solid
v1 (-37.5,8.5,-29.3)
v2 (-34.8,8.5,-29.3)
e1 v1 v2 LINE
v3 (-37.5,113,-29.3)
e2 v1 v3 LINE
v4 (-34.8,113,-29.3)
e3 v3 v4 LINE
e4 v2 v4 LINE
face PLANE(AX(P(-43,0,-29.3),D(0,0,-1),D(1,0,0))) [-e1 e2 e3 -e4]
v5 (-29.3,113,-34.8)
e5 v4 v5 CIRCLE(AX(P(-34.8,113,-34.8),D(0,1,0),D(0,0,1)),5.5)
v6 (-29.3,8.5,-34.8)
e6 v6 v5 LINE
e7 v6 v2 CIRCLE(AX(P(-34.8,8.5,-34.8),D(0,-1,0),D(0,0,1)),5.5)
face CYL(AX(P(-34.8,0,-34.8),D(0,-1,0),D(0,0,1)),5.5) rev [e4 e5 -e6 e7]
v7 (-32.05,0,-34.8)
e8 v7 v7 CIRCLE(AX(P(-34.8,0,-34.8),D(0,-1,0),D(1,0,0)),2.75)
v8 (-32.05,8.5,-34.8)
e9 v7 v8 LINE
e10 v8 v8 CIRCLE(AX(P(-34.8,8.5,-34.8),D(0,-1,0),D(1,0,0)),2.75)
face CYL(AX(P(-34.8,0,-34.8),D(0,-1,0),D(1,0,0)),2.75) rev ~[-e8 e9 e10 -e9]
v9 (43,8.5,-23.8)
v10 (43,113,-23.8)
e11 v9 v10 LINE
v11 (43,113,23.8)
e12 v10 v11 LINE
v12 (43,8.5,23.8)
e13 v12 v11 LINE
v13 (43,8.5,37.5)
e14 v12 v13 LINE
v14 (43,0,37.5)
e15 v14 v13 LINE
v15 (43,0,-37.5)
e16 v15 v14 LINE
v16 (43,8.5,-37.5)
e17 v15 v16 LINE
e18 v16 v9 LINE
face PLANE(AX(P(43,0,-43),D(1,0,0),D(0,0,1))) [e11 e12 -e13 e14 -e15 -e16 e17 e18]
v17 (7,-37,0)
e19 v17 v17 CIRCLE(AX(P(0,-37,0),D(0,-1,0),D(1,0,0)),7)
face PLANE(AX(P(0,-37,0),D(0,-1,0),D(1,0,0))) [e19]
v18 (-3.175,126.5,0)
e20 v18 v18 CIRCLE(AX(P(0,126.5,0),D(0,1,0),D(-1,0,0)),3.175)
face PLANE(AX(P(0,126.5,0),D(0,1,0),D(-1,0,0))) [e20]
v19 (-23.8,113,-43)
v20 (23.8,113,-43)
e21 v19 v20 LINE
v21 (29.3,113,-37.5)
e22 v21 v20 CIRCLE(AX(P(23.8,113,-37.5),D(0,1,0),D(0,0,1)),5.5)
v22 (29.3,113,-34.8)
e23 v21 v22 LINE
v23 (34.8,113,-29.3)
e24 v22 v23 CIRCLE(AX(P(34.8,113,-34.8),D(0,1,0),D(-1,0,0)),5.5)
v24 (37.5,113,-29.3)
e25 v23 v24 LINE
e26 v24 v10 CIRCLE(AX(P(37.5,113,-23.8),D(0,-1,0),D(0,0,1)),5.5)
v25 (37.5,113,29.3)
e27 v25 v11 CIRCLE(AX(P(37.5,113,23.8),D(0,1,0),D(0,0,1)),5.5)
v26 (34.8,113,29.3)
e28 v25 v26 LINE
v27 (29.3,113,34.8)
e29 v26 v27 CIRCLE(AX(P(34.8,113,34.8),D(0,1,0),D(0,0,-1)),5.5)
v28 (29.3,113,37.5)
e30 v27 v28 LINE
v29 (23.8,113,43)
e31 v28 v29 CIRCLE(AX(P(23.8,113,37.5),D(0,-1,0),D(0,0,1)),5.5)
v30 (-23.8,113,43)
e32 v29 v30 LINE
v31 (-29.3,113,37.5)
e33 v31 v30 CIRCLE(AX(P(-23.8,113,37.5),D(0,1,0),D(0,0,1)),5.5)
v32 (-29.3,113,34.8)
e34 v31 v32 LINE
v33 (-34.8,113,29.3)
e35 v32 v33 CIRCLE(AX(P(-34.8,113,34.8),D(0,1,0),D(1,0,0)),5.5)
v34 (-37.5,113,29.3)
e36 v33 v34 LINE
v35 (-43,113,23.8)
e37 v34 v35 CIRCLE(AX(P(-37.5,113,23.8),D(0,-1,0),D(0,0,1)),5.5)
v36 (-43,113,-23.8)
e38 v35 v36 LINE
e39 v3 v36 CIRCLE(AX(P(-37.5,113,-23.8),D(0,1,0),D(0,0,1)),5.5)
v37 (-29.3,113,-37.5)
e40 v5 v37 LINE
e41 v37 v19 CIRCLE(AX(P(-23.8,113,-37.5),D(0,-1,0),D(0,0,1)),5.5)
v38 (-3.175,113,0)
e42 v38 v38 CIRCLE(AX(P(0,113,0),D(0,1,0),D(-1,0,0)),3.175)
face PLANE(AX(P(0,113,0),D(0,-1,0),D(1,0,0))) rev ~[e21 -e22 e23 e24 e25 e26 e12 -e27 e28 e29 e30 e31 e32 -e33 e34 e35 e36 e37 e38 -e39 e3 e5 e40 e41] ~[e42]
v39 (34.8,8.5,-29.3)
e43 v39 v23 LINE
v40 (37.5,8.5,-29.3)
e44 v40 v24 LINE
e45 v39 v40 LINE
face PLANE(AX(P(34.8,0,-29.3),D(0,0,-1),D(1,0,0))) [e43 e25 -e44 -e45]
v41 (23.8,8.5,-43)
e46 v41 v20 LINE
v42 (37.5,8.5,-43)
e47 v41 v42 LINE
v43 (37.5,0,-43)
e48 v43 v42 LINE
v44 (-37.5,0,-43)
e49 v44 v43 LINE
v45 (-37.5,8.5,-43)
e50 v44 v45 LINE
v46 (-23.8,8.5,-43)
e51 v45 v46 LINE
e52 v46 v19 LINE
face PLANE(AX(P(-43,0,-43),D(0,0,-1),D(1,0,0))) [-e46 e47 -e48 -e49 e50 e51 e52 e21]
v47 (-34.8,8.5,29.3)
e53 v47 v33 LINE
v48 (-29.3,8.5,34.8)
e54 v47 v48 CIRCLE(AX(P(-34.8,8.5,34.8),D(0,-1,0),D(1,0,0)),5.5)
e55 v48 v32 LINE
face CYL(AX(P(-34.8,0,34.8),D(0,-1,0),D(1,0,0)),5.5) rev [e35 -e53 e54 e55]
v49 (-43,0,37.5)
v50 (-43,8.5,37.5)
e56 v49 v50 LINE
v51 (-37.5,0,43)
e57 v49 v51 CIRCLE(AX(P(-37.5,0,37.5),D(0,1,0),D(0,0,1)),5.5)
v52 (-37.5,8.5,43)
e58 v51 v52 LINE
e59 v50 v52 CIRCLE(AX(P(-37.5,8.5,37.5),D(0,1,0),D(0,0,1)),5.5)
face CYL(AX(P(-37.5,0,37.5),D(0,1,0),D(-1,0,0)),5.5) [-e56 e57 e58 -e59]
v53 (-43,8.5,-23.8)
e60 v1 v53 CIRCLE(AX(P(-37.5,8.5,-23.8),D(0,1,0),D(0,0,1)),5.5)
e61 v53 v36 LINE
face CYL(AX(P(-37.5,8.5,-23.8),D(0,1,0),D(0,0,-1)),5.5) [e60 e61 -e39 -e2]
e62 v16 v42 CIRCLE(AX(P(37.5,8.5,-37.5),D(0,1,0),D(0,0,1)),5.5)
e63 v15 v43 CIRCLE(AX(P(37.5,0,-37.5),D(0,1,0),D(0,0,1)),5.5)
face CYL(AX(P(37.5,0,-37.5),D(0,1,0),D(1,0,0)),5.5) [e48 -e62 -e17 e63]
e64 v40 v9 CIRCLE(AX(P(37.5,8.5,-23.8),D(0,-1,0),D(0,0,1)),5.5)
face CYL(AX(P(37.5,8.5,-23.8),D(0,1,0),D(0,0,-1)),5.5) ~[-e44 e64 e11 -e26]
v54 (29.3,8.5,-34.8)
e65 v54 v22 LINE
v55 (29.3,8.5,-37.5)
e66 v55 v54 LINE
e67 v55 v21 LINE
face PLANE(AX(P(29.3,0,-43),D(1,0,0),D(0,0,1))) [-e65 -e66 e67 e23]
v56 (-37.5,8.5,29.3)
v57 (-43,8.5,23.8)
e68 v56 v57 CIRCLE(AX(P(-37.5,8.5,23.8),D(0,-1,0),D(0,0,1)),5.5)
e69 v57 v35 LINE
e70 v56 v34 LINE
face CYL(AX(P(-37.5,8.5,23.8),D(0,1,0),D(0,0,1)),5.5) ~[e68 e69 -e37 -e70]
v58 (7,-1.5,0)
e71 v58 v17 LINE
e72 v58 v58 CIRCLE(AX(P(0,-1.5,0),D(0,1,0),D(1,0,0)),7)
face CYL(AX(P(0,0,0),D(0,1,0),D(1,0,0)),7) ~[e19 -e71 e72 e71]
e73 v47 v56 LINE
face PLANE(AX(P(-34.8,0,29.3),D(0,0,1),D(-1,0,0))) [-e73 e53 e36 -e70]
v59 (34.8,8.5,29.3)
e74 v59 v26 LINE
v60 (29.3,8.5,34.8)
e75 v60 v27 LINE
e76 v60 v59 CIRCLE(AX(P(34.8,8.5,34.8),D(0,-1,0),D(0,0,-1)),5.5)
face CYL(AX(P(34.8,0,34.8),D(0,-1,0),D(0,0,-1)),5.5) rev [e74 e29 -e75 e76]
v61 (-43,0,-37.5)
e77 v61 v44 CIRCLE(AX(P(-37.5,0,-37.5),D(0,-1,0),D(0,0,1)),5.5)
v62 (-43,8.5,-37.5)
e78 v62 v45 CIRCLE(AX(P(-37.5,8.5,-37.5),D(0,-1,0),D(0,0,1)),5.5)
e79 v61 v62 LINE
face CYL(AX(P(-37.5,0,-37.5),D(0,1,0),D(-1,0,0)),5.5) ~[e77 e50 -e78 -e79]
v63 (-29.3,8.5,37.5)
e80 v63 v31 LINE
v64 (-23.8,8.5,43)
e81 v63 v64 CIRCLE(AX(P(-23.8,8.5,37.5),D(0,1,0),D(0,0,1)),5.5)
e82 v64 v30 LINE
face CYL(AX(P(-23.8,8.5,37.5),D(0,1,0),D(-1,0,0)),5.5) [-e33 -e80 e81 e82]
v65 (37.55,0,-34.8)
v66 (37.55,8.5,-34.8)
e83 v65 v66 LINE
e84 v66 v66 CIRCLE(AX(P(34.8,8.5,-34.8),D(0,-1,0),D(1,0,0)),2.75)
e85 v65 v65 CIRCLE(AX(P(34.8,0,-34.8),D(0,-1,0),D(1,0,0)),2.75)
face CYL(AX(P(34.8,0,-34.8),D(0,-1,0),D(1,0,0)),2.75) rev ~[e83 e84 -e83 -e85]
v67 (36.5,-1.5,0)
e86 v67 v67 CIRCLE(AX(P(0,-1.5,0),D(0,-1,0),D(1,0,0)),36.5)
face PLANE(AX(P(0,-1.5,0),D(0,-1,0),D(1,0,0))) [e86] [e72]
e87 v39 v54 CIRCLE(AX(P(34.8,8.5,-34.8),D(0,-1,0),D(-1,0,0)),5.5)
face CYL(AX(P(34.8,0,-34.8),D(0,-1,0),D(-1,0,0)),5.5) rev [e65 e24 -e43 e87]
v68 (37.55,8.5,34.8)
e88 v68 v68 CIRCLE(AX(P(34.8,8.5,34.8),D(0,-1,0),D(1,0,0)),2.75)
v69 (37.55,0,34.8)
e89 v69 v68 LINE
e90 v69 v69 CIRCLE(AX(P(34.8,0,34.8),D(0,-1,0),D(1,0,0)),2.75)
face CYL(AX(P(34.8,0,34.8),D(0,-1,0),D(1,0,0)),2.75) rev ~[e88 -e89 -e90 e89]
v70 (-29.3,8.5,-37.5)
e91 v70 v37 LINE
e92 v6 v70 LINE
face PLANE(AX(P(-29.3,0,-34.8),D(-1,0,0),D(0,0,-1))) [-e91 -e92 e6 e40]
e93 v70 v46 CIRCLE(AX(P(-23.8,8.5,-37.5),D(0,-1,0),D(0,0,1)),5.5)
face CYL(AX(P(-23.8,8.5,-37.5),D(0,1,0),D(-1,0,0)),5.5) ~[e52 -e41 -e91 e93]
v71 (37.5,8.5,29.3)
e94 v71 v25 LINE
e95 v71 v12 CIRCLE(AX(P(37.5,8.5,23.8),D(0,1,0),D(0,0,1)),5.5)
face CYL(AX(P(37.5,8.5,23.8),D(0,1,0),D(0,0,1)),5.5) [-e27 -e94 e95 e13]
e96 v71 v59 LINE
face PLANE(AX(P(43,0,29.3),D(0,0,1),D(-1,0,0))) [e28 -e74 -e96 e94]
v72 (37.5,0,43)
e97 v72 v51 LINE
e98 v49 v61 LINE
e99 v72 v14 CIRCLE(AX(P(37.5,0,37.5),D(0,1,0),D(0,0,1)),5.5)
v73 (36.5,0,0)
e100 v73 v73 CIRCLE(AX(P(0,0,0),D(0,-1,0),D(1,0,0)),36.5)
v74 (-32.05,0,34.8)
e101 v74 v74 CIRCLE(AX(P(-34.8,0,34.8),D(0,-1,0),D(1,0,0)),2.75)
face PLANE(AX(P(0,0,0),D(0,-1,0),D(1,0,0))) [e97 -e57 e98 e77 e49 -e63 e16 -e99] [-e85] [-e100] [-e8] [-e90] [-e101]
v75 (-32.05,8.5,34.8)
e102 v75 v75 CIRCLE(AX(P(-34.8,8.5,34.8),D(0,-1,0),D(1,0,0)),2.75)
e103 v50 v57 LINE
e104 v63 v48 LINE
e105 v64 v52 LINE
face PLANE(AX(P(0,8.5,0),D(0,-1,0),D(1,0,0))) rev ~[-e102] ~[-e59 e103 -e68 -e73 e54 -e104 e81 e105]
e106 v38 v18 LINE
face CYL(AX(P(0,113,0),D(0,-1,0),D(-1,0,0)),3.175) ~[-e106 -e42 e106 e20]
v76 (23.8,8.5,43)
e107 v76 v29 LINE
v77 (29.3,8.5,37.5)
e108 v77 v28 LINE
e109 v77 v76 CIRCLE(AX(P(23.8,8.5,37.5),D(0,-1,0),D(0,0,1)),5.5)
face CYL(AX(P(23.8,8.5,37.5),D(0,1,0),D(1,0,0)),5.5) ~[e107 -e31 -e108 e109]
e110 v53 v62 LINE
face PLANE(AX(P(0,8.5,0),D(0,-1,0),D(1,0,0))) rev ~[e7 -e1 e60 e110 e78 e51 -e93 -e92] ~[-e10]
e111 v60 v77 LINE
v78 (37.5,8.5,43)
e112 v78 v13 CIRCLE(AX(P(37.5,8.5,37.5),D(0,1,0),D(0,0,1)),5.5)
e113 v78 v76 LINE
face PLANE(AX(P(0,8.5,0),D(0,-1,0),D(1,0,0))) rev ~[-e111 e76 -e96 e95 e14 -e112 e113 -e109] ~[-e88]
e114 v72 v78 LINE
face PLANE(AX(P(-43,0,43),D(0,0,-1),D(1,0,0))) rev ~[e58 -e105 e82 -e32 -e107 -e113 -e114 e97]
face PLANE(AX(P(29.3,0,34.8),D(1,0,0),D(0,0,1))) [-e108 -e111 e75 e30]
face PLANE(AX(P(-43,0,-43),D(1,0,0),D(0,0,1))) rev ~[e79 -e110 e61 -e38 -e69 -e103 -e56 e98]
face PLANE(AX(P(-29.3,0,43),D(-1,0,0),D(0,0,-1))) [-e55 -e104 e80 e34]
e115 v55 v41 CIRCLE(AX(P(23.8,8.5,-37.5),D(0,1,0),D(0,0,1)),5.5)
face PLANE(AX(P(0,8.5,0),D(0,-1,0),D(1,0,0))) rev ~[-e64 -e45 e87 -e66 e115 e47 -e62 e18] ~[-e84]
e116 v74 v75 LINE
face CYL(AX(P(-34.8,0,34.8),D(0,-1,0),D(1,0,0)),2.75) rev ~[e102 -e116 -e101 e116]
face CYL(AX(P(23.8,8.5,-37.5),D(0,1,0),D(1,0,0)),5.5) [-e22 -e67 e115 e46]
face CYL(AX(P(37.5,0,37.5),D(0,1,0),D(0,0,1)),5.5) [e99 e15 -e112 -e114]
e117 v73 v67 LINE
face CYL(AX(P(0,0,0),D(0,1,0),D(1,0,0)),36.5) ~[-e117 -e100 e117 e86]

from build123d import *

# Parameters (mm, degrees)
F1_W      = 86
F1_H      = 86
F1_R      = 2.75
F2_DEPTH  = 8.5
F3_R      = 36.5
F4_DEPTH  = 1.5
F5_R      = 7
F6_DEPTH  = 37
F8_DEPTH  = 113
F9_R      = 5.5
F10_R     = 3.175
F11_DEPTH = 13.5


with BuildPart() as f2:
    # F1 (on Front) → F2 (new body)
    with BuildSketch(Plane.XZ):
        Rectangle(F1_W, F1_H)
        with Locations((-34.8, -34.8)):
            Circle(F1_R, mode=Mode.SUBTRACT)
        with Locations((34.8, -34.8)):
            Circle(F1_R, mode=Mode.SUBTRACT)
        with Locations((-34.8, 34.8)):
            Circle(F1_R, mode=Mode.SUBTRACT)
        with Locations((34.8, 34.8)):
            Circle(F1_R, mode=Mode.SUBTRACT)
    extrude(amount=-F2_DEPTH)

    # F3 (on Front) → F4 (join)
    with BuildSketch(Plane.XZ):
        Circle(F3_R)
    extrude(amount=F4_DEPTH)

    # F5 (on Front) → F6 (join)
    with BuildSketch(Plane.XZ):
        Circle(F5_R)
    extrude(amount=F6_DEPTH)

    # F7 (on Front) → F8 (join)
    with BuildSketch(Plane.XZ):
        with BuildLine():
            ThreePointArc((34.8, 29.3), (30.9109127035, 30.9109127035), (29.3, 34.8))
            Line((29.3, 34.8), (29.3, 43))
            Line((29.3, 43), (-29.3, 43))
            Line((-29.3, 43), (-29.3, 34.8))
            ThreePointArc((-29.3, 34.8), (-30.9109127035, 30.9109127035), (-34.8, 29.3))
            Line((-34.8, 29.3), (-43, 29.3))
            Line((-43, 29.3), (-43, -29.3))
            Line((-43, -29.3), (-34.8, -29.3))
            ThreePointArc((-34.8, -29.3), (-30.9109127035, -30.9109127035), (-29.3, -34.8))
            Line((-29.3, -34.8), (-29.3, -43))
            Line((-29.3, -43), (29.3, -43))
            Line((29.3, -43), (29.3, -34.8))
            ThreePointArc((29.3, -34.8), (30.9109127035, -30.9109127035), (34.8, -29.3))
            Line((34.8, -29.3), (43, -29.3))
            Line((43, -29.3), (43, 29.3))
            Line((43, 29.3), (34.8, 29.3))
        make_face()
    extrude(amount=-F8_DEPTH)

    # F9
    f9_edges = [f2.edges().sort_by_distance(p)[0] for p in [
        (29.3, 60.75, 43),
        (43, 60.75, 29.3),
        (43, 4.25, 43),
        (-29.3, 60.75, 43),
        (-43, 60.75, 29.3),
        (-43, 4.25, 43),
        (43, 60.75, -29.3),
        (29.3, 60.75, -43),
        (-43, 4.25, -43),
        (-29.3, 60.75, -43),
        (-43, 60.75, -29.3),
        (43, 4.25, -43),
    ]]
    fillet(f9_edges, radius=F9_R)

    # F10 (on face) → F11 (join)
    with BuildSketch(Plane(origin=(0, 113, 0), x_dir=(-1, 0, 0), z_dir=(0, 1, 0))):
        Circle(F10_R)
    extrude(amount=F11_DEPTH)


solid = f2.part
